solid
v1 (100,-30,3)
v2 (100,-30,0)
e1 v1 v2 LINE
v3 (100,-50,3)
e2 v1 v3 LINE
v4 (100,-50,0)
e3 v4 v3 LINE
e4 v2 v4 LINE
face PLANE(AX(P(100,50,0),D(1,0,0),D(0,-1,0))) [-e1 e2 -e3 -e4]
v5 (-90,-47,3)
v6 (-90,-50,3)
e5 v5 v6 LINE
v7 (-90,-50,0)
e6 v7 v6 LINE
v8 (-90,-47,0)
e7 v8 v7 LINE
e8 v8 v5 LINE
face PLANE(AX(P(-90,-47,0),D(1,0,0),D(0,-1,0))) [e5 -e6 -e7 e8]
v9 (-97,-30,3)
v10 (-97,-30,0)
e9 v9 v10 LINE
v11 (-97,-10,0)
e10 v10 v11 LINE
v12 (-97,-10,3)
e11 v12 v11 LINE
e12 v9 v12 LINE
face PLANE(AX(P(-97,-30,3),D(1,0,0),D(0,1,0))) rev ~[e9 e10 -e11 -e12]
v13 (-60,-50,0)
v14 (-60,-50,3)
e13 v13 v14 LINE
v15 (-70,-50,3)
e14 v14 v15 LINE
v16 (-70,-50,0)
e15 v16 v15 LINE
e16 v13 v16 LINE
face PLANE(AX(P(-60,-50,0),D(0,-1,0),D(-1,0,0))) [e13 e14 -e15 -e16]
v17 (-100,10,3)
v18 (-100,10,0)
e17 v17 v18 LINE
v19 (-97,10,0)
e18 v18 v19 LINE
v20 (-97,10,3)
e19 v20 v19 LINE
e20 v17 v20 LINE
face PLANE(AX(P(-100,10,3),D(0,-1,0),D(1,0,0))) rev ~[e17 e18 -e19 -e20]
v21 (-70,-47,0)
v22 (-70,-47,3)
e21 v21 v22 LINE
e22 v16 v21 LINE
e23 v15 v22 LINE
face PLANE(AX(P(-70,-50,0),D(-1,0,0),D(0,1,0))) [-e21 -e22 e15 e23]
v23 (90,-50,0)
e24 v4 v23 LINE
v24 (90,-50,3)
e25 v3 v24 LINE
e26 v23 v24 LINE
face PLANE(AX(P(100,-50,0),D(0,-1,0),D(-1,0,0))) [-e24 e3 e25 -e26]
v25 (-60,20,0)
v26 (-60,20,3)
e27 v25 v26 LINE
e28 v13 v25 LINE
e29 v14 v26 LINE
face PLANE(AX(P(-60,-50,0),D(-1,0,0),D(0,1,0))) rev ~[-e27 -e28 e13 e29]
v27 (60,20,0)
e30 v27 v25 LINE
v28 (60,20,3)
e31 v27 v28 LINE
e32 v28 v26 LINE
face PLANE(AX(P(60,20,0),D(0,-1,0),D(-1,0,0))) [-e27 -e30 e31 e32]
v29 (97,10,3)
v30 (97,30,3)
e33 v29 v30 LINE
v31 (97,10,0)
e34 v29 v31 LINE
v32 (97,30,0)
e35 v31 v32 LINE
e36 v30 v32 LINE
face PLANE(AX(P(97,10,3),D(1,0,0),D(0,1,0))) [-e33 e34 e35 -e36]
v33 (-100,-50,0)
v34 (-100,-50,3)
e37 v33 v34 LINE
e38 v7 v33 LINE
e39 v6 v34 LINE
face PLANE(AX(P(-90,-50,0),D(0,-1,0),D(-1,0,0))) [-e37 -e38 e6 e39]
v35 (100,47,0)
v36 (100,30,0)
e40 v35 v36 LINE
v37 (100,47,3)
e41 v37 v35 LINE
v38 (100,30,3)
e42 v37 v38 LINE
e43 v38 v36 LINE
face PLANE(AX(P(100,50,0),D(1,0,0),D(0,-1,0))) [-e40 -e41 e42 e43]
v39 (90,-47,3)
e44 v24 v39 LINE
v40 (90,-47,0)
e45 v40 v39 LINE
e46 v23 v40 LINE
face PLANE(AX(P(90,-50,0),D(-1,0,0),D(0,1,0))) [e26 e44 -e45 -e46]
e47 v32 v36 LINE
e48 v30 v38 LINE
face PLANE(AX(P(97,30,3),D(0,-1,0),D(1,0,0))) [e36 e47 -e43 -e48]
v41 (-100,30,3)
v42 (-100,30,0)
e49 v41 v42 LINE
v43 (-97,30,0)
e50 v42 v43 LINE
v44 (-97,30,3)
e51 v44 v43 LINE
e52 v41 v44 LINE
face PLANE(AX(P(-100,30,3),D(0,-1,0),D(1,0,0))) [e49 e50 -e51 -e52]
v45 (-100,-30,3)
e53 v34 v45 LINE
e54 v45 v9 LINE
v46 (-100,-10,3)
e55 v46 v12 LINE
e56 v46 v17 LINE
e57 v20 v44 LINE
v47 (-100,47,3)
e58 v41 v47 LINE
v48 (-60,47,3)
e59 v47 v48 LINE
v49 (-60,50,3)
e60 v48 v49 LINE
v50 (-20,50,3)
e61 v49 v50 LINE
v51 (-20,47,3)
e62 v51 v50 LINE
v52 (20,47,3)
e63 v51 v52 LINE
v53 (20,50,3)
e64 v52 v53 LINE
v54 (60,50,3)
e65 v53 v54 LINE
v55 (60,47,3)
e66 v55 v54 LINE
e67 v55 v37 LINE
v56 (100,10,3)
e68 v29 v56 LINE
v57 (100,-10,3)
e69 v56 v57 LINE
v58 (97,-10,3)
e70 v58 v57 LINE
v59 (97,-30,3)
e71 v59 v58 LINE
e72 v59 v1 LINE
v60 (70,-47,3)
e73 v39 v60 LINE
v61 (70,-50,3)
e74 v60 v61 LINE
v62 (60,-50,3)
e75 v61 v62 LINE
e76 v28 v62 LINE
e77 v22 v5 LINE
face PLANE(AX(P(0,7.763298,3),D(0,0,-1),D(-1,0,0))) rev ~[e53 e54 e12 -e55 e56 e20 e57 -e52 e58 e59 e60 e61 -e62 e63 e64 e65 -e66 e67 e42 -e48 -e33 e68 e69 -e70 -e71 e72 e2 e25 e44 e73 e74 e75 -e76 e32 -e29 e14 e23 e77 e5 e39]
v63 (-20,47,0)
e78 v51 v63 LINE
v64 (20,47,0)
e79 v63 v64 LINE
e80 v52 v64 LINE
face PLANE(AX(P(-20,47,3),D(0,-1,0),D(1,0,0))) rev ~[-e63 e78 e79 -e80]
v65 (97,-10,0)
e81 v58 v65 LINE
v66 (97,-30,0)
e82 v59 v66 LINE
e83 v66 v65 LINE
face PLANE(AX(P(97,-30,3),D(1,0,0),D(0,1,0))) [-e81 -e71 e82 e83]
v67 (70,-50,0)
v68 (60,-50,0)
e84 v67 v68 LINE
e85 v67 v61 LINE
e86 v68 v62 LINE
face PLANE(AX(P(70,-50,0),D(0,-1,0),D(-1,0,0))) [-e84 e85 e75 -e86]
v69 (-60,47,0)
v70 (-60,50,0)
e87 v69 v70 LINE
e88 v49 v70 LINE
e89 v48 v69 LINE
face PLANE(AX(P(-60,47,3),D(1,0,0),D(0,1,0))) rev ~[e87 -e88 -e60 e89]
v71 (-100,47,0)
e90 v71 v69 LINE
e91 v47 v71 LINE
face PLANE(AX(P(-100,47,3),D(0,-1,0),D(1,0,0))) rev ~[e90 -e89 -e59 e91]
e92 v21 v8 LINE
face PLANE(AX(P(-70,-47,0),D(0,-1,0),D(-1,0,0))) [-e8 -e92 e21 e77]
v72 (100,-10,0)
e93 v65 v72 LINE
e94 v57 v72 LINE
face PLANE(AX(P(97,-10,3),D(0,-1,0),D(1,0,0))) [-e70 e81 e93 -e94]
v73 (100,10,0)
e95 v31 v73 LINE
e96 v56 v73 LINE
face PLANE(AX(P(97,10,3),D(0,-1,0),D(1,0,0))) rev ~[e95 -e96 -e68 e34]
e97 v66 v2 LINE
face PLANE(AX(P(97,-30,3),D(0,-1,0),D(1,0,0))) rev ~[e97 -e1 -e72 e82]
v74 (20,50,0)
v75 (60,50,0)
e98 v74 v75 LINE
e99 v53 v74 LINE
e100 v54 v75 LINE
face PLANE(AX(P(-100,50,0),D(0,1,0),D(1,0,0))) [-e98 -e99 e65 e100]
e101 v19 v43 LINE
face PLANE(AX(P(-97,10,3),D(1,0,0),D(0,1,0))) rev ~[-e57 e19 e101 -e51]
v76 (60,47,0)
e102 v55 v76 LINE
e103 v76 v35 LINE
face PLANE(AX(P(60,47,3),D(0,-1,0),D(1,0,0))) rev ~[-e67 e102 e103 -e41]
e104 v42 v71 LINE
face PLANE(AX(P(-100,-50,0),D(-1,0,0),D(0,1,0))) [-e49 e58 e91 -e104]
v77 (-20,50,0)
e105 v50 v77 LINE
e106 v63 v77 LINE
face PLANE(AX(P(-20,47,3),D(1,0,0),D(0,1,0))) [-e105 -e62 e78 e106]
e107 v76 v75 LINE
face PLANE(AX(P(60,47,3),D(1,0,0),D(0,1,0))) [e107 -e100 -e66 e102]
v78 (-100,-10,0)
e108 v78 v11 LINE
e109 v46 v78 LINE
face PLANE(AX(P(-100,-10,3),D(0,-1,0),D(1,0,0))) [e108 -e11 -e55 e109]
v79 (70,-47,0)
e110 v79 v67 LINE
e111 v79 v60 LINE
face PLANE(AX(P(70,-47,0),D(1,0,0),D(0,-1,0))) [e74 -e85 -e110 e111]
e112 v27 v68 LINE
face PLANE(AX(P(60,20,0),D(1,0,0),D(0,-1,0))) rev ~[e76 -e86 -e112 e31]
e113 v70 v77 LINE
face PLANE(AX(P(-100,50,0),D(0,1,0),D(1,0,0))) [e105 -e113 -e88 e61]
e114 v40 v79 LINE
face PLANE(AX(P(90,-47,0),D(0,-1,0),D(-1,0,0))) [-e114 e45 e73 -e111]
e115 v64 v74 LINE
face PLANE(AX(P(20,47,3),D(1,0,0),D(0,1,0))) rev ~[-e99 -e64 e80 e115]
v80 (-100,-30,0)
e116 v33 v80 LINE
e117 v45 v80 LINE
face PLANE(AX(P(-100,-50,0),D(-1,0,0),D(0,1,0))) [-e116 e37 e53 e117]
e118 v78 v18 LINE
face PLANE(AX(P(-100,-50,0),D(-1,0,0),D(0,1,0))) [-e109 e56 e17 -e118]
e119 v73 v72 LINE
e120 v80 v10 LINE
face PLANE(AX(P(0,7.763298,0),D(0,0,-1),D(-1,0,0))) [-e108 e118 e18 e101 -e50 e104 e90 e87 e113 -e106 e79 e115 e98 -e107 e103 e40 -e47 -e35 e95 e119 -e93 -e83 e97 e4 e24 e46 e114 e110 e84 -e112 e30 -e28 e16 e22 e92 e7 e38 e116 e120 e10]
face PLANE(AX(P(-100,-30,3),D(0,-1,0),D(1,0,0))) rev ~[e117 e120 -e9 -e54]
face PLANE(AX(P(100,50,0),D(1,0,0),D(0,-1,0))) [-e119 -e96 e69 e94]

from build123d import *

# Parameters (mm, degrees)
BOSS_EXTRUDE1_DEPTH = 3
SKETCH2_W           = 3
SKETCH2_H           = 20
SKETCH2_W_2         = 40
SKETCH2_H_2         = 3
CUT_EXTRUDE1_DEPTH  = 3


with BuildPart() as part:
    # Sketch1 → Boss-Extrude1 (new body)
    with BuildSketch(Plane.XY):
        Polygon((-60, 5.09773753), (-60, -50), (-70, -50), (-70, -47), (-90, -47), (-90, -50), (-100, -50), (-100, 50), (100, 50), (100, -50), (90, -50), (90, -47), (70, -47), (70, -50), (60, -50), (60, -40.178411678), (60, 20), (-60, 20), align=None)
    extrude(amount=BOSS_EXTRUDE1_DEPTH)

    # Sketch2 → Cut-Extrude1 (cut)
    with BuildSketch(Plane.XY.offset(3)):
        with Locations((-98.5, -20)):
            Rectangle(SKETCH2_W, SKETCH2_H)
        with Locations((-98.5, 20)):
            Rectangle(SKETCH2_W, SKETCH2_H)
        with Locations((0, 48.5)):
            Rectangle(SKETCH2_W_2, SKETCH2_H_2)
        with Locations((80, 48.5)):
            Rectangle(SKETCH2_W_2, SKETCH2_H_2)
        with Locations((98.5, 20)):
            Rectangle(SKETCH2_W, SKETCH2_H)
        with Locations((98.5, -20)):
            Rectangle(SKETCH2_W, SKETCH2_H)
        with Locations((-80, 48.5)):
            Rectangle(SKETCH2_W_2, SKETCH2_H_2)
    extrude(amount=-CUT_EXTRUDE1_DEPTH, mode=Mode.SUBTRACT)


solid = part.part
